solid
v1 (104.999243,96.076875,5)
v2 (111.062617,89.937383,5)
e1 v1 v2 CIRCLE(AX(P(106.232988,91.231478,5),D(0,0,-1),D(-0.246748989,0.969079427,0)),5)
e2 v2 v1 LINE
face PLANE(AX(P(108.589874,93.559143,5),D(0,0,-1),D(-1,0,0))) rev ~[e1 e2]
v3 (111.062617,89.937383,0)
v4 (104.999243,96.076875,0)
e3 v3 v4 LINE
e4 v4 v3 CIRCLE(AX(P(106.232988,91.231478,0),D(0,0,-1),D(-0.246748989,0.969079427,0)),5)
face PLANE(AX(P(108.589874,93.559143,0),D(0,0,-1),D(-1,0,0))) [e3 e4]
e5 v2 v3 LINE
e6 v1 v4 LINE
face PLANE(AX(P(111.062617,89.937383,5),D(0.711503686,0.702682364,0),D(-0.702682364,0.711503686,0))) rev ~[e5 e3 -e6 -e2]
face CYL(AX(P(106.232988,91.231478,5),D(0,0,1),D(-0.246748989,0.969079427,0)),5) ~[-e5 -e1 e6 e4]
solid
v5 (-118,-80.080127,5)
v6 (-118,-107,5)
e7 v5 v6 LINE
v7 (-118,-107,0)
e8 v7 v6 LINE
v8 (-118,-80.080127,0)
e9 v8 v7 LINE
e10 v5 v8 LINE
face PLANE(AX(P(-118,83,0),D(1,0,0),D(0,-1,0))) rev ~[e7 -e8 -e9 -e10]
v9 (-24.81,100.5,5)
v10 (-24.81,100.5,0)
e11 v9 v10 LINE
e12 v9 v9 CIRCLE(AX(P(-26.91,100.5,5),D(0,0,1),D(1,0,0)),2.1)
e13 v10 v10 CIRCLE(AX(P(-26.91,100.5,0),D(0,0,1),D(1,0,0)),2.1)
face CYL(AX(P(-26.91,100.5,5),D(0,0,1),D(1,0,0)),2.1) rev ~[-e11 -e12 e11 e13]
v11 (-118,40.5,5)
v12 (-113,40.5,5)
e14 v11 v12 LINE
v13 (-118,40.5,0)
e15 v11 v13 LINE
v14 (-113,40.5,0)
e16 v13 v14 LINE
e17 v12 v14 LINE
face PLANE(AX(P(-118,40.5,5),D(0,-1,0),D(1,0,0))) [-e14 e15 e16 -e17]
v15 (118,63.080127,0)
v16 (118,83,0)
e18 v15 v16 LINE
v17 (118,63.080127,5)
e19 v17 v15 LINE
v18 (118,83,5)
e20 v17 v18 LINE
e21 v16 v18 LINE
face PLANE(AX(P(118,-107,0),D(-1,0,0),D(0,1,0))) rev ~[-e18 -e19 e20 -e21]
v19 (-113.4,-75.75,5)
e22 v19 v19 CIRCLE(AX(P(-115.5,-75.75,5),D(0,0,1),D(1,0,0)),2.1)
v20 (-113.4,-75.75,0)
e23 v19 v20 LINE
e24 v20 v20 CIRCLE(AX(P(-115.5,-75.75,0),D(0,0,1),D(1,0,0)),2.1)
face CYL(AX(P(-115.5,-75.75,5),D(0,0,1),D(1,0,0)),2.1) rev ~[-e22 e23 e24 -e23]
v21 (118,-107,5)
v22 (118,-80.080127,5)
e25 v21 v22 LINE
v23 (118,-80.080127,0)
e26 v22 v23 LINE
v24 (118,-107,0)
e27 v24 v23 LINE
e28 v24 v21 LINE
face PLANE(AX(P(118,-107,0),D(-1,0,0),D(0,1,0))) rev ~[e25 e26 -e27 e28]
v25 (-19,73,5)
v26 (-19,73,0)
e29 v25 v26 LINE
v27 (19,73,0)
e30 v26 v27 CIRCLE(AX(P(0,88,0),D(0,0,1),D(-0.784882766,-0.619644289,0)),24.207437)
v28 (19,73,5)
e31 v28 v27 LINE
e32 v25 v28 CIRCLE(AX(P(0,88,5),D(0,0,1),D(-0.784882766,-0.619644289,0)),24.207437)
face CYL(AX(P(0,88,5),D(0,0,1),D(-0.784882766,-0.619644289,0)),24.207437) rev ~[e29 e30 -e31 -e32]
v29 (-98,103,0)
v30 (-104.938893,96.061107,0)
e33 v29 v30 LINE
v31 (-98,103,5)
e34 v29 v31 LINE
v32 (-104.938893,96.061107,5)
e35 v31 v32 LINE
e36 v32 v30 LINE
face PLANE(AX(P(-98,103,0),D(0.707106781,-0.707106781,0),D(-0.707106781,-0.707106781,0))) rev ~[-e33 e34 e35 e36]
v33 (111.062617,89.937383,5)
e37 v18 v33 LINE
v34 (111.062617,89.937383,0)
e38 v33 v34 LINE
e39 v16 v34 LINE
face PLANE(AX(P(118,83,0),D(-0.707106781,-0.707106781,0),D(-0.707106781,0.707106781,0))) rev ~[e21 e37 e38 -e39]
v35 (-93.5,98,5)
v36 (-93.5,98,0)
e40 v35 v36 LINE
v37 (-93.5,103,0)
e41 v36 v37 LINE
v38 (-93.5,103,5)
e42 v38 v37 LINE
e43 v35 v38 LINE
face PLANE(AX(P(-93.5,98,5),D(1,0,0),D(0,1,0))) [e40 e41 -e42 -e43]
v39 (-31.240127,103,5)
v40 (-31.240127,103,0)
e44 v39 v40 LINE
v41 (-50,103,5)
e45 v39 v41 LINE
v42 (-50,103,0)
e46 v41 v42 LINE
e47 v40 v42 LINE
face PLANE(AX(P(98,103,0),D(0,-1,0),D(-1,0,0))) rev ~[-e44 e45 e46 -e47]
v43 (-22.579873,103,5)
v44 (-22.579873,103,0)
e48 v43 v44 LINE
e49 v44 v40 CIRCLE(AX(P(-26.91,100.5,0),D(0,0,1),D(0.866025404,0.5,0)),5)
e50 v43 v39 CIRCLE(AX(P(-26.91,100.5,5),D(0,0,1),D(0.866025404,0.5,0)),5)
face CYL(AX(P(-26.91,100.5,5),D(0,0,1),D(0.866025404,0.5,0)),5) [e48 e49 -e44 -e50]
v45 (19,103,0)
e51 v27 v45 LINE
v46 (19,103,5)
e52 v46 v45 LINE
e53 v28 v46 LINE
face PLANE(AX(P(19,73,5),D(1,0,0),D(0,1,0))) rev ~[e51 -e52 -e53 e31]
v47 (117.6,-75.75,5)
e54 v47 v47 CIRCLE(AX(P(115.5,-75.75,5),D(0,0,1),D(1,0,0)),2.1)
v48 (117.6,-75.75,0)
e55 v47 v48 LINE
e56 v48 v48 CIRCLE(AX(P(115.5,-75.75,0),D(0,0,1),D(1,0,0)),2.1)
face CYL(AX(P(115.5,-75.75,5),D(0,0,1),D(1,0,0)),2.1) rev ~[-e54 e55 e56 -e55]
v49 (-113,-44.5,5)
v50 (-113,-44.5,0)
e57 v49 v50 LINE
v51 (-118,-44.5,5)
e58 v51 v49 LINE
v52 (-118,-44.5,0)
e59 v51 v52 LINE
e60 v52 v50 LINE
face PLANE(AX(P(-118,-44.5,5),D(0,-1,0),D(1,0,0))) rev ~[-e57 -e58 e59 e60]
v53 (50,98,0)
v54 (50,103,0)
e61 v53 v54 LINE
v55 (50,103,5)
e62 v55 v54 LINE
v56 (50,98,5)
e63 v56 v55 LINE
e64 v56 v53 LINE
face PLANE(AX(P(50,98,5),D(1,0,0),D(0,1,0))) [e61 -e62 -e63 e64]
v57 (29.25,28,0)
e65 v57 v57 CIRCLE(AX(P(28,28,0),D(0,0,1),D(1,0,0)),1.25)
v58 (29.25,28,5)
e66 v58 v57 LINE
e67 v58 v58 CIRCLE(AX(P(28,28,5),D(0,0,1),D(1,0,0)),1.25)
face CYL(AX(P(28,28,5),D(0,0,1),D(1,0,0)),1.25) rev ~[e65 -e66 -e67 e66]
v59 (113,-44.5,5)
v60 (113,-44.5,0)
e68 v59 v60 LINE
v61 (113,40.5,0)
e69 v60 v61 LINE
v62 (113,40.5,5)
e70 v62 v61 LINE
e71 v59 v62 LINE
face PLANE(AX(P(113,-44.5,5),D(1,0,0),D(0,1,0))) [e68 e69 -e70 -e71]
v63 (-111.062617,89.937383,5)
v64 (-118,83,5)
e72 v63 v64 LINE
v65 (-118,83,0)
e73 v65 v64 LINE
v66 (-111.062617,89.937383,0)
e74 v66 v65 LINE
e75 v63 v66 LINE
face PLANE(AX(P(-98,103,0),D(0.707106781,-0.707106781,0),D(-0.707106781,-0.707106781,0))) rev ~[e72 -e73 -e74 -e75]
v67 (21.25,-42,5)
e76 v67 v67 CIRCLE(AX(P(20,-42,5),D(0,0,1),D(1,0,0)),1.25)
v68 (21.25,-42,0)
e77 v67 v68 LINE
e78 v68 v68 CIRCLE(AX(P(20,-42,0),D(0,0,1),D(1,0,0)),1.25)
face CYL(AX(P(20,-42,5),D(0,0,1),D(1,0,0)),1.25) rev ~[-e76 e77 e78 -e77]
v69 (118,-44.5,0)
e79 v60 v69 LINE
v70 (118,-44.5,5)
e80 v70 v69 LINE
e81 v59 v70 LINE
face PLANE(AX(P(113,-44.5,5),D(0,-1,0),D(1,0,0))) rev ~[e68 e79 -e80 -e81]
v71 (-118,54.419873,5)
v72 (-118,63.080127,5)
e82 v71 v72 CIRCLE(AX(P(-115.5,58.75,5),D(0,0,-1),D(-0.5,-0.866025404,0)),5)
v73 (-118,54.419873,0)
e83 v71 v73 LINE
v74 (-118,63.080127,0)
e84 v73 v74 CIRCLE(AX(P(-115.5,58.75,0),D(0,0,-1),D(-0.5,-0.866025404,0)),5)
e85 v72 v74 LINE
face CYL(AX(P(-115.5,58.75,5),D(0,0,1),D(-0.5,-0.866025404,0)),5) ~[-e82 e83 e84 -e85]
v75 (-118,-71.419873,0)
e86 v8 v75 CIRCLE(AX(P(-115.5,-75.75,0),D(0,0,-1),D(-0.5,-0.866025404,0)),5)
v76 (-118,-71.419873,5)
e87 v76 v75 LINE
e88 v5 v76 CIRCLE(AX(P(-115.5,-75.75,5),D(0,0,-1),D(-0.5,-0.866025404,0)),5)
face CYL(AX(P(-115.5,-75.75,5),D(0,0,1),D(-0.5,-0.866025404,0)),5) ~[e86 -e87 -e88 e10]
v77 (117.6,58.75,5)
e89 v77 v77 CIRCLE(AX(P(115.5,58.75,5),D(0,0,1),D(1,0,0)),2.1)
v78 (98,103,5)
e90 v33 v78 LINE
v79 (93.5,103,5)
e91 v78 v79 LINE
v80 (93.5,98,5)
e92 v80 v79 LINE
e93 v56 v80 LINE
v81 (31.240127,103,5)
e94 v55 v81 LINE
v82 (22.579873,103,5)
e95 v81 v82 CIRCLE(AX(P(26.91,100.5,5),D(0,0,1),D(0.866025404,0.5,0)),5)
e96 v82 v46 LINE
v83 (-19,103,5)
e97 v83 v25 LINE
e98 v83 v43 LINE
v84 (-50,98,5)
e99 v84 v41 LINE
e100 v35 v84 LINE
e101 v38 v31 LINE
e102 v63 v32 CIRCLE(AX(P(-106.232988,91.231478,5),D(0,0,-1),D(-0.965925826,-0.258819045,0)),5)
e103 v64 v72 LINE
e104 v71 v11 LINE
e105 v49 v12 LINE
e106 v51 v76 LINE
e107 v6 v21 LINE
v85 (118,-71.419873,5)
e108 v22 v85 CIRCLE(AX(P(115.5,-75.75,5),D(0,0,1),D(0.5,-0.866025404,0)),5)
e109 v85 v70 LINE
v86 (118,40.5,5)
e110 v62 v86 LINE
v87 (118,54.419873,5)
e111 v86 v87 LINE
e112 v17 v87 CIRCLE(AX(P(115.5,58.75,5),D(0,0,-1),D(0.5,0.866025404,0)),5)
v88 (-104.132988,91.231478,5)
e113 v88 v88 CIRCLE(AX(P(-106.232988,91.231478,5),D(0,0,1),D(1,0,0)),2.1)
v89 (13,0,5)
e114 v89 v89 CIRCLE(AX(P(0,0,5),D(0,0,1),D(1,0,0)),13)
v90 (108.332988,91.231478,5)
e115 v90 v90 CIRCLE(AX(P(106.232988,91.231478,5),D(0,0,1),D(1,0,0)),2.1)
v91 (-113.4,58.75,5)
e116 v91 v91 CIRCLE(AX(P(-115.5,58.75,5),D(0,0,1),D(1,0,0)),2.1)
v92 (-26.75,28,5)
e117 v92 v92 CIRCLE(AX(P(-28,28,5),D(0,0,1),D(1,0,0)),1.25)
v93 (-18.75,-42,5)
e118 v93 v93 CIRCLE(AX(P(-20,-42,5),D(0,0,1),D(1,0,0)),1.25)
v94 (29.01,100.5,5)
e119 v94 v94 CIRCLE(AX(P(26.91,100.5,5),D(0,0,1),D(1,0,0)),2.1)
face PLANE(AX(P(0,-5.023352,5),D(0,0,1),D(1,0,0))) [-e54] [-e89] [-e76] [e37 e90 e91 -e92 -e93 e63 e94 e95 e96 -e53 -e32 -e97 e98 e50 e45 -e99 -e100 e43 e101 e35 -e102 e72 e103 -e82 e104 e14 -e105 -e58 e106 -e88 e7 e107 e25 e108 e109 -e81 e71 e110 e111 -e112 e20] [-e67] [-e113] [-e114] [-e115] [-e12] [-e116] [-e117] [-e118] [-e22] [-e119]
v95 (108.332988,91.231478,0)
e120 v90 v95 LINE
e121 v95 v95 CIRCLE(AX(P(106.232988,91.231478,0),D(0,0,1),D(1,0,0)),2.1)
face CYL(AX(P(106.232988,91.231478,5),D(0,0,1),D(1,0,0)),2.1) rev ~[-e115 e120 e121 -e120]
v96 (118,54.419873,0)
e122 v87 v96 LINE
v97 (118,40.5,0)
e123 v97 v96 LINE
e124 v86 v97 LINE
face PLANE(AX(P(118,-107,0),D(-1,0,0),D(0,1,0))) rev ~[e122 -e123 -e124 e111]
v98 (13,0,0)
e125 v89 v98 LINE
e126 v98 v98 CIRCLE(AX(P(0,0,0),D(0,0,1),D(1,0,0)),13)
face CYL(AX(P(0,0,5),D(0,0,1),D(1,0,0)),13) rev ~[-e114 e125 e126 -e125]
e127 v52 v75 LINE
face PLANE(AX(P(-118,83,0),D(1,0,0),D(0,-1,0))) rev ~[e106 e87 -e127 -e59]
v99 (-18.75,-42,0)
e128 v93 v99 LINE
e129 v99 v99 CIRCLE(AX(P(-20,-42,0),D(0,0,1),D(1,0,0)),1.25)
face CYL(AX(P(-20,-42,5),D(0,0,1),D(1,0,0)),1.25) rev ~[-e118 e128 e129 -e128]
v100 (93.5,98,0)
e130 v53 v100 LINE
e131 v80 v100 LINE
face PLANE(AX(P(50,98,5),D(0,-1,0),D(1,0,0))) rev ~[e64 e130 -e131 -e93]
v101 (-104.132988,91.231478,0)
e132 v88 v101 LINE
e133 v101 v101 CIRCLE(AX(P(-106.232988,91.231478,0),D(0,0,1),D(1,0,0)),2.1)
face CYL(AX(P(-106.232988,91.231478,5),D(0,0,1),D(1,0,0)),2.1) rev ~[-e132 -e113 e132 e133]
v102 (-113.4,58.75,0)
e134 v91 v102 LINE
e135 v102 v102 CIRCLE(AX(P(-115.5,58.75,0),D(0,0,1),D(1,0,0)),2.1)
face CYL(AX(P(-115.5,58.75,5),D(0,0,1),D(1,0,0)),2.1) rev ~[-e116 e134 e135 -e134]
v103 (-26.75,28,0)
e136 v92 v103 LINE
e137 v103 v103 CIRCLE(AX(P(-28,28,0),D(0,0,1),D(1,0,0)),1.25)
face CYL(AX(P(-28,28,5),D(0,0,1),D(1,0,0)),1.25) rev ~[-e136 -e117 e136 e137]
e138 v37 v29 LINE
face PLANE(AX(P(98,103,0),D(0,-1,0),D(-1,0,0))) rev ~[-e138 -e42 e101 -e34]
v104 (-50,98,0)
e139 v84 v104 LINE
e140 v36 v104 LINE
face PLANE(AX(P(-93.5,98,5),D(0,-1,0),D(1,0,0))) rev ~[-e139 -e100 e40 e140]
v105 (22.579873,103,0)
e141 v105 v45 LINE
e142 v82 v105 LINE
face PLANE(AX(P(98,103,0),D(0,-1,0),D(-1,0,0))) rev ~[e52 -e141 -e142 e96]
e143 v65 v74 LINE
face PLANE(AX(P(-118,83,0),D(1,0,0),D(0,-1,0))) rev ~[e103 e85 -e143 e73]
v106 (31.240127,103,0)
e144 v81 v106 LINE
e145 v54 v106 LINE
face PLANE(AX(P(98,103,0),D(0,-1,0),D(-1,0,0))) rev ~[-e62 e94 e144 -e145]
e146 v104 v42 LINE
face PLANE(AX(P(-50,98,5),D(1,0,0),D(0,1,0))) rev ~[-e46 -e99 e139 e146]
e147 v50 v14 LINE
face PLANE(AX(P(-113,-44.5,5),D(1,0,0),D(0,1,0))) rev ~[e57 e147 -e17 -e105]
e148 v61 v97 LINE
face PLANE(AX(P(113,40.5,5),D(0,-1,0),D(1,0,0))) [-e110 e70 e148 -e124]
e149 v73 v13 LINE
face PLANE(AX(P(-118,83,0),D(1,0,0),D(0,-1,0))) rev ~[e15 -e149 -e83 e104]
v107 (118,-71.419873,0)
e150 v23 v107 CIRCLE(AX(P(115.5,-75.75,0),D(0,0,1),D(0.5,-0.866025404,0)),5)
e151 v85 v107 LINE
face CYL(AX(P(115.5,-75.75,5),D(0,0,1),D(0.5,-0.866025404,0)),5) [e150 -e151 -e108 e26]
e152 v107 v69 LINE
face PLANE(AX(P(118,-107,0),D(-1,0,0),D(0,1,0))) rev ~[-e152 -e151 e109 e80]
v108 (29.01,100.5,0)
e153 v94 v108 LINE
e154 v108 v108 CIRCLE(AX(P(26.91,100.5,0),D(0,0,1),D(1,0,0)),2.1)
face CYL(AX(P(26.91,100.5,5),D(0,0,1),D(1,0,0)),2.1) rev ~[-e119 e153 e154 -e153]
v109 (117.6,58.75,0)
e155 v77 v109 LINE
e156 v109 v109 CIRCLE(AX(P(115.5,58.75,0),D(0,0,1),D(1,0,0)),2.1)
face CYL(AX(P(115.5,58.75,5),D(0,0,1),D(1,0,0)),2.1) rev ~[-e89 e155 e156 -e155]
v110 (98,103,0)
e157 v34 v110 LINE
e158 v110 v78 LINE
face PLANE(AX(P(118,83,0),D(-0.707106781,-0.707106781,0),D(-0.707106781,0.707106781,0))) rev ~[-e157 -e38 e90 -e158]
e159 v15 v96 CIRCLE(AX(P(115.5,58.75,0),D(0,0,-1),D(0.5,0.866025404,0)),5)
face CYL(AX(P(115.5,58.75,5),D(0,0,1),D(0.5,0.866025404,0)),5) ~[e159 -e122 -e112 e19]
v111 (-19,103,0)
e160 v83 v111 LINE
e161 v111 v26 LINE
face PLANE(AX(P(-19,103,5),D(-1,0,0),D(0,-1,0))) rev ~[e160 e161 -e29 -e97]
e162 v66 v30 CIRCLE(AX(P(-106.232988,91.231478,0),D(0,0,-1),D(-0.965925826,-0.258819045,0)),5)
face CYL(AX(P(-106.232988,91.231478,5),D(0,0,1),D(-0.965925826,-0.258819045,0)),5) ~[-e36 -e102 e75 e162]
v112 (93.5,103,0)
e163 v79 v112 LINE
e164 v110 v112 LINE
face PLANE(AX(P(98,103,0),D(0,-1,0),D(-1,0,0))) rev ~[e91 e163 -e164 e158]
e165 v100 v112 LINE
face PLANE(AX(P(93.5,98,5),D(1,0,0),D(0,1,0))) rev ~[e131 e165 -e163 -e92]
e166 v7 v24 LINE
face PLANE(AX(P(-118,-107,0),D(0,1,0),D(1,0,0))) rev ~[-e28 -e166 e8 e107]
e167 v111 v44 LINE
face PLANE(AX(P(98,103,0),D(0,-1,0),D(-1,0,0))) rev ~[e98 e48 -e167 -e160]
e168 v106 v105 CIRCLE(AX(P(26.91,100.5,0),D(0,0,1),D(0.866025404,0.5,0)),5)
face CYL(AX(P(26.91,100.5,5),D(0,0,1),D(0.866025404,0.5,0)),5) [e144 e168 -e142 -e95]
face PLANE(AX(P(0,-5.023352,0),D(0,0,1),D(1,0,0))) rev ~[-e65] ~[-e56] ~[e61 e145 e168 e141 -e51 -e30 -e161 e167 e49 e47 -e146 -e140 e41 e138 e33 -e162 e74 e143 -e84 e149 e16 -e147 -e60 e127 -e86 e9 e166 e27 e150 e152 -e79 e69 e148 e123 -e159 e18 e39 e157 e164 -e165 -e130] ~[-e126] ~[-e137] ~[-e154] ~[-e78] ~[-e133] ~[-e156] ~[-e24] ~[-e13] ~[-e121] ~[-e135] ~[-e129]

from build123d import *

# Parameters (mm, degrees)
BOSS_EXTRUDE1_DEPTH     = 5
SKETCH4_W               = 5
SKETCH4_H               = 85
CUT_EXTRUDE3_DEPTH      = 6
SKETCH5_W               = 43.5
SKETCH5_H               = 5
CUT_EXTRUDE4_DEPTH      = 5
SKETCH6_R               = 2.1
CUT_EXTRUDE5_DEPTH      = 5
BOSS_EXTRUDE2_DEPTH     = 5
SKETCH8_R               = 13
CUT_EXTRUDE6_DEPTH      = 5
SKETCH9_R               = 1.25
CUT_EXTRUDE7_DEPTH      = 5
CUT_EXTRUDE8_DEPTH      = 1
CUT_EXTRUDE8_DEPTH_BACK = 5


with BuildPart() as part:
    # Sketch1 → Boss-Extrude1 (new body)
    with BuildSketch(Plane.XY):
        Polygon((64.226162893, -107), (118, -107), (118, 83), (98, 103), (-98, 103), (-118, 83), (-118, -107), (-64.226162893, -107), align=None)
    extrude(amount=BOSS_EXTRUDE1_DEPTH)

    # Sketch4 → Cut-Extrude3 (cut, through all)
    with BuildSketch(Plane.XY.offset(5)):
        with Locations((-115.5, -2)):
            Rectangle(SKETCH4_W, SKETCH4_H)
        with Locations((115.5, -2)):
            Rectangle(SKETCH4_W, SKETCH4_H)
    extrude(amount=-CUT_EXTRUDE3_DEPTH, mode=Mode.SUBTRACT)

    # Sketch5 → Cut-Extrude4 (cut)
    with BuildSketch(Plane.XY.offset(5)):
        with Locations((71.75, 100.5)):
            Rectangle(SKETCH5_W, SKETCH5_H)
        with Locations((-71.75, 100.5)):
            Rectangle(SKETCH5_W, SKETCH5_H)
    extrude(amount=-CUT_EXTRUDE4_DEPTH, mode=Mode.SUBTRACT)

    # Sketch6 → Cut-Extrude5 (cut)
    with BuildSketch(Plane.XY.offset(5)):
        with Locations((-106.232988104, 91.23147799)):
            Circle(SKETCH6_R)
        with Locations((106.232988104, 91.23147799)):
            Circle(SKETCH6_R)
        with Locations((115.5, 58.75)):
            Circle(SKETCH6_R)
        with Locations((115.5, -75.75)):
            Circle(SKETCH6_R)
        with Locations((-115.5, 58.75)):
            Circle(SKETCH6_R)
        with Locations((-115.5, -75.75)):
            Circle(SKETCH6_R)
        with Locations((-26.91, 100.5)):
            Circle(SKETCH6_R)
        with Locations((26.91, 100.5)):
            Circle(SKETCH6_R)
    extrude(amount=-CUT_EXTRUDE5_DEPTH, mode=Mode.SUBTRACT)

    # Sketch7 → Boss-Extrude2 (add)
    with BuildSketch(Plane.XY.offset(5)):
        with BuildLine():
            Line((-104.938892879, 96.061107121), (-111.062617235, 89.937382765))
            ThreePointArc((-111.062617235, 89.937382765), (-109.76852201, 94.767011896), (-104.938892879, 96.061107121))
        make_face()
        with BuildLine():
            Line((-118, 63.080127019), (-118, 54.419872981))
            ThreePointArc((-118, 54.419872981), (-120.5, 58.75), (-118, 63.080127019))
        make_face()
        with BuildLine():
            Line((-118, -71.419872981), (-118, -80.080127019))
            ThreePointArc((-118, -80.080127019), (-120.5, -75.75), (-118, -71.419872981))
        make_face()
        with BuildLine():
            Line((118, -71.419872981), (118, -80.080127019))
            ThreePointArc((118, -80.080127019), (120.5, -75.75), (118, -71.419872981))
        make_face()
        with BuildLine():
            Line((111.062617235, 89.937382765), (104.999243157, 96.076875126))
            ThreePointArc((104.999243157, 96.076875126), (109.790506534, 94.74488981), (111.062617235, 89.937382765))
        make_face()
        with BuildLine():
            Line((118, 54.419872981), (118, 63.080127019))
            ThreePointArc((118, 63.080127019), (120.5, 58.75), (118, 54.419872981))
        make_face()
        with BuildLine():
            Line((22.579872981, 103), (31.240127019, 103))
            ThreePointArc((31.240127019, 103), (26.91, 105.5), (22.579872981, 103))
        make_face()
        with BuildLine():
            Line((-31.240127019, 103), (-22.579872981, 103))
            ThreePointArc((-22.579872981, 103), (-26.91, 105.5), (-31.240127019, 103))
        make_face()
    extrude(amount=-BOSS_EXTRUDE2_DEPTH)

    # Sketch8 → Cut-Extrude6 (cut)
    with BuildSketch(Plane.XY.offset(5)):
        Circle(SKETCH8_R)
    extrude(amount=-CUT_EXTRUDE6_DEPTH, mode=Mode.SUBTRACT)

    # Sketch9 → Cut-Extrude7 (cut)
    with BuildSketch(Plane.XY.offset(5)):
        with Locations((28, 28)):
            Circle(SKETCH9_R)
        with Locations((20, -42)):
            Circle(SKETCH9_R)
        with Locations((-20, -42)):
            Circle(SKETCH9_R)
        with Locations((-28, 28)):
            Circle(SKETCH9_R)
    extrude(amount=-CUT_EXTRUDE7_DEPTH, mode=Mode.SUBTRACT)

    # Sketch10 → Cut-Extrude8 (cut, two sides)
    with BuildSketch(Plane.XY.offset(5)) as cut_extrude8_sk:
        with BuildLine():
            Line((19, 73), (19, 103))
            Line((19, 103), (-19, 103))
            Line((-19, 103), (-19, 73))
            ThreePointArc((-19, 73), (0, 63.792563126), (19, 73))
        make_face()
    extrude(amount=CUT_EXTRUDE8_DEPTH, mode=Mode.SUBTRACT)
    extrude(cut_extrude8_sk.sketch, amount=-CUT_EXTRUDE8_DEPTH_BACK, mode=Mode.SUBTRACT)


solid = part.part
